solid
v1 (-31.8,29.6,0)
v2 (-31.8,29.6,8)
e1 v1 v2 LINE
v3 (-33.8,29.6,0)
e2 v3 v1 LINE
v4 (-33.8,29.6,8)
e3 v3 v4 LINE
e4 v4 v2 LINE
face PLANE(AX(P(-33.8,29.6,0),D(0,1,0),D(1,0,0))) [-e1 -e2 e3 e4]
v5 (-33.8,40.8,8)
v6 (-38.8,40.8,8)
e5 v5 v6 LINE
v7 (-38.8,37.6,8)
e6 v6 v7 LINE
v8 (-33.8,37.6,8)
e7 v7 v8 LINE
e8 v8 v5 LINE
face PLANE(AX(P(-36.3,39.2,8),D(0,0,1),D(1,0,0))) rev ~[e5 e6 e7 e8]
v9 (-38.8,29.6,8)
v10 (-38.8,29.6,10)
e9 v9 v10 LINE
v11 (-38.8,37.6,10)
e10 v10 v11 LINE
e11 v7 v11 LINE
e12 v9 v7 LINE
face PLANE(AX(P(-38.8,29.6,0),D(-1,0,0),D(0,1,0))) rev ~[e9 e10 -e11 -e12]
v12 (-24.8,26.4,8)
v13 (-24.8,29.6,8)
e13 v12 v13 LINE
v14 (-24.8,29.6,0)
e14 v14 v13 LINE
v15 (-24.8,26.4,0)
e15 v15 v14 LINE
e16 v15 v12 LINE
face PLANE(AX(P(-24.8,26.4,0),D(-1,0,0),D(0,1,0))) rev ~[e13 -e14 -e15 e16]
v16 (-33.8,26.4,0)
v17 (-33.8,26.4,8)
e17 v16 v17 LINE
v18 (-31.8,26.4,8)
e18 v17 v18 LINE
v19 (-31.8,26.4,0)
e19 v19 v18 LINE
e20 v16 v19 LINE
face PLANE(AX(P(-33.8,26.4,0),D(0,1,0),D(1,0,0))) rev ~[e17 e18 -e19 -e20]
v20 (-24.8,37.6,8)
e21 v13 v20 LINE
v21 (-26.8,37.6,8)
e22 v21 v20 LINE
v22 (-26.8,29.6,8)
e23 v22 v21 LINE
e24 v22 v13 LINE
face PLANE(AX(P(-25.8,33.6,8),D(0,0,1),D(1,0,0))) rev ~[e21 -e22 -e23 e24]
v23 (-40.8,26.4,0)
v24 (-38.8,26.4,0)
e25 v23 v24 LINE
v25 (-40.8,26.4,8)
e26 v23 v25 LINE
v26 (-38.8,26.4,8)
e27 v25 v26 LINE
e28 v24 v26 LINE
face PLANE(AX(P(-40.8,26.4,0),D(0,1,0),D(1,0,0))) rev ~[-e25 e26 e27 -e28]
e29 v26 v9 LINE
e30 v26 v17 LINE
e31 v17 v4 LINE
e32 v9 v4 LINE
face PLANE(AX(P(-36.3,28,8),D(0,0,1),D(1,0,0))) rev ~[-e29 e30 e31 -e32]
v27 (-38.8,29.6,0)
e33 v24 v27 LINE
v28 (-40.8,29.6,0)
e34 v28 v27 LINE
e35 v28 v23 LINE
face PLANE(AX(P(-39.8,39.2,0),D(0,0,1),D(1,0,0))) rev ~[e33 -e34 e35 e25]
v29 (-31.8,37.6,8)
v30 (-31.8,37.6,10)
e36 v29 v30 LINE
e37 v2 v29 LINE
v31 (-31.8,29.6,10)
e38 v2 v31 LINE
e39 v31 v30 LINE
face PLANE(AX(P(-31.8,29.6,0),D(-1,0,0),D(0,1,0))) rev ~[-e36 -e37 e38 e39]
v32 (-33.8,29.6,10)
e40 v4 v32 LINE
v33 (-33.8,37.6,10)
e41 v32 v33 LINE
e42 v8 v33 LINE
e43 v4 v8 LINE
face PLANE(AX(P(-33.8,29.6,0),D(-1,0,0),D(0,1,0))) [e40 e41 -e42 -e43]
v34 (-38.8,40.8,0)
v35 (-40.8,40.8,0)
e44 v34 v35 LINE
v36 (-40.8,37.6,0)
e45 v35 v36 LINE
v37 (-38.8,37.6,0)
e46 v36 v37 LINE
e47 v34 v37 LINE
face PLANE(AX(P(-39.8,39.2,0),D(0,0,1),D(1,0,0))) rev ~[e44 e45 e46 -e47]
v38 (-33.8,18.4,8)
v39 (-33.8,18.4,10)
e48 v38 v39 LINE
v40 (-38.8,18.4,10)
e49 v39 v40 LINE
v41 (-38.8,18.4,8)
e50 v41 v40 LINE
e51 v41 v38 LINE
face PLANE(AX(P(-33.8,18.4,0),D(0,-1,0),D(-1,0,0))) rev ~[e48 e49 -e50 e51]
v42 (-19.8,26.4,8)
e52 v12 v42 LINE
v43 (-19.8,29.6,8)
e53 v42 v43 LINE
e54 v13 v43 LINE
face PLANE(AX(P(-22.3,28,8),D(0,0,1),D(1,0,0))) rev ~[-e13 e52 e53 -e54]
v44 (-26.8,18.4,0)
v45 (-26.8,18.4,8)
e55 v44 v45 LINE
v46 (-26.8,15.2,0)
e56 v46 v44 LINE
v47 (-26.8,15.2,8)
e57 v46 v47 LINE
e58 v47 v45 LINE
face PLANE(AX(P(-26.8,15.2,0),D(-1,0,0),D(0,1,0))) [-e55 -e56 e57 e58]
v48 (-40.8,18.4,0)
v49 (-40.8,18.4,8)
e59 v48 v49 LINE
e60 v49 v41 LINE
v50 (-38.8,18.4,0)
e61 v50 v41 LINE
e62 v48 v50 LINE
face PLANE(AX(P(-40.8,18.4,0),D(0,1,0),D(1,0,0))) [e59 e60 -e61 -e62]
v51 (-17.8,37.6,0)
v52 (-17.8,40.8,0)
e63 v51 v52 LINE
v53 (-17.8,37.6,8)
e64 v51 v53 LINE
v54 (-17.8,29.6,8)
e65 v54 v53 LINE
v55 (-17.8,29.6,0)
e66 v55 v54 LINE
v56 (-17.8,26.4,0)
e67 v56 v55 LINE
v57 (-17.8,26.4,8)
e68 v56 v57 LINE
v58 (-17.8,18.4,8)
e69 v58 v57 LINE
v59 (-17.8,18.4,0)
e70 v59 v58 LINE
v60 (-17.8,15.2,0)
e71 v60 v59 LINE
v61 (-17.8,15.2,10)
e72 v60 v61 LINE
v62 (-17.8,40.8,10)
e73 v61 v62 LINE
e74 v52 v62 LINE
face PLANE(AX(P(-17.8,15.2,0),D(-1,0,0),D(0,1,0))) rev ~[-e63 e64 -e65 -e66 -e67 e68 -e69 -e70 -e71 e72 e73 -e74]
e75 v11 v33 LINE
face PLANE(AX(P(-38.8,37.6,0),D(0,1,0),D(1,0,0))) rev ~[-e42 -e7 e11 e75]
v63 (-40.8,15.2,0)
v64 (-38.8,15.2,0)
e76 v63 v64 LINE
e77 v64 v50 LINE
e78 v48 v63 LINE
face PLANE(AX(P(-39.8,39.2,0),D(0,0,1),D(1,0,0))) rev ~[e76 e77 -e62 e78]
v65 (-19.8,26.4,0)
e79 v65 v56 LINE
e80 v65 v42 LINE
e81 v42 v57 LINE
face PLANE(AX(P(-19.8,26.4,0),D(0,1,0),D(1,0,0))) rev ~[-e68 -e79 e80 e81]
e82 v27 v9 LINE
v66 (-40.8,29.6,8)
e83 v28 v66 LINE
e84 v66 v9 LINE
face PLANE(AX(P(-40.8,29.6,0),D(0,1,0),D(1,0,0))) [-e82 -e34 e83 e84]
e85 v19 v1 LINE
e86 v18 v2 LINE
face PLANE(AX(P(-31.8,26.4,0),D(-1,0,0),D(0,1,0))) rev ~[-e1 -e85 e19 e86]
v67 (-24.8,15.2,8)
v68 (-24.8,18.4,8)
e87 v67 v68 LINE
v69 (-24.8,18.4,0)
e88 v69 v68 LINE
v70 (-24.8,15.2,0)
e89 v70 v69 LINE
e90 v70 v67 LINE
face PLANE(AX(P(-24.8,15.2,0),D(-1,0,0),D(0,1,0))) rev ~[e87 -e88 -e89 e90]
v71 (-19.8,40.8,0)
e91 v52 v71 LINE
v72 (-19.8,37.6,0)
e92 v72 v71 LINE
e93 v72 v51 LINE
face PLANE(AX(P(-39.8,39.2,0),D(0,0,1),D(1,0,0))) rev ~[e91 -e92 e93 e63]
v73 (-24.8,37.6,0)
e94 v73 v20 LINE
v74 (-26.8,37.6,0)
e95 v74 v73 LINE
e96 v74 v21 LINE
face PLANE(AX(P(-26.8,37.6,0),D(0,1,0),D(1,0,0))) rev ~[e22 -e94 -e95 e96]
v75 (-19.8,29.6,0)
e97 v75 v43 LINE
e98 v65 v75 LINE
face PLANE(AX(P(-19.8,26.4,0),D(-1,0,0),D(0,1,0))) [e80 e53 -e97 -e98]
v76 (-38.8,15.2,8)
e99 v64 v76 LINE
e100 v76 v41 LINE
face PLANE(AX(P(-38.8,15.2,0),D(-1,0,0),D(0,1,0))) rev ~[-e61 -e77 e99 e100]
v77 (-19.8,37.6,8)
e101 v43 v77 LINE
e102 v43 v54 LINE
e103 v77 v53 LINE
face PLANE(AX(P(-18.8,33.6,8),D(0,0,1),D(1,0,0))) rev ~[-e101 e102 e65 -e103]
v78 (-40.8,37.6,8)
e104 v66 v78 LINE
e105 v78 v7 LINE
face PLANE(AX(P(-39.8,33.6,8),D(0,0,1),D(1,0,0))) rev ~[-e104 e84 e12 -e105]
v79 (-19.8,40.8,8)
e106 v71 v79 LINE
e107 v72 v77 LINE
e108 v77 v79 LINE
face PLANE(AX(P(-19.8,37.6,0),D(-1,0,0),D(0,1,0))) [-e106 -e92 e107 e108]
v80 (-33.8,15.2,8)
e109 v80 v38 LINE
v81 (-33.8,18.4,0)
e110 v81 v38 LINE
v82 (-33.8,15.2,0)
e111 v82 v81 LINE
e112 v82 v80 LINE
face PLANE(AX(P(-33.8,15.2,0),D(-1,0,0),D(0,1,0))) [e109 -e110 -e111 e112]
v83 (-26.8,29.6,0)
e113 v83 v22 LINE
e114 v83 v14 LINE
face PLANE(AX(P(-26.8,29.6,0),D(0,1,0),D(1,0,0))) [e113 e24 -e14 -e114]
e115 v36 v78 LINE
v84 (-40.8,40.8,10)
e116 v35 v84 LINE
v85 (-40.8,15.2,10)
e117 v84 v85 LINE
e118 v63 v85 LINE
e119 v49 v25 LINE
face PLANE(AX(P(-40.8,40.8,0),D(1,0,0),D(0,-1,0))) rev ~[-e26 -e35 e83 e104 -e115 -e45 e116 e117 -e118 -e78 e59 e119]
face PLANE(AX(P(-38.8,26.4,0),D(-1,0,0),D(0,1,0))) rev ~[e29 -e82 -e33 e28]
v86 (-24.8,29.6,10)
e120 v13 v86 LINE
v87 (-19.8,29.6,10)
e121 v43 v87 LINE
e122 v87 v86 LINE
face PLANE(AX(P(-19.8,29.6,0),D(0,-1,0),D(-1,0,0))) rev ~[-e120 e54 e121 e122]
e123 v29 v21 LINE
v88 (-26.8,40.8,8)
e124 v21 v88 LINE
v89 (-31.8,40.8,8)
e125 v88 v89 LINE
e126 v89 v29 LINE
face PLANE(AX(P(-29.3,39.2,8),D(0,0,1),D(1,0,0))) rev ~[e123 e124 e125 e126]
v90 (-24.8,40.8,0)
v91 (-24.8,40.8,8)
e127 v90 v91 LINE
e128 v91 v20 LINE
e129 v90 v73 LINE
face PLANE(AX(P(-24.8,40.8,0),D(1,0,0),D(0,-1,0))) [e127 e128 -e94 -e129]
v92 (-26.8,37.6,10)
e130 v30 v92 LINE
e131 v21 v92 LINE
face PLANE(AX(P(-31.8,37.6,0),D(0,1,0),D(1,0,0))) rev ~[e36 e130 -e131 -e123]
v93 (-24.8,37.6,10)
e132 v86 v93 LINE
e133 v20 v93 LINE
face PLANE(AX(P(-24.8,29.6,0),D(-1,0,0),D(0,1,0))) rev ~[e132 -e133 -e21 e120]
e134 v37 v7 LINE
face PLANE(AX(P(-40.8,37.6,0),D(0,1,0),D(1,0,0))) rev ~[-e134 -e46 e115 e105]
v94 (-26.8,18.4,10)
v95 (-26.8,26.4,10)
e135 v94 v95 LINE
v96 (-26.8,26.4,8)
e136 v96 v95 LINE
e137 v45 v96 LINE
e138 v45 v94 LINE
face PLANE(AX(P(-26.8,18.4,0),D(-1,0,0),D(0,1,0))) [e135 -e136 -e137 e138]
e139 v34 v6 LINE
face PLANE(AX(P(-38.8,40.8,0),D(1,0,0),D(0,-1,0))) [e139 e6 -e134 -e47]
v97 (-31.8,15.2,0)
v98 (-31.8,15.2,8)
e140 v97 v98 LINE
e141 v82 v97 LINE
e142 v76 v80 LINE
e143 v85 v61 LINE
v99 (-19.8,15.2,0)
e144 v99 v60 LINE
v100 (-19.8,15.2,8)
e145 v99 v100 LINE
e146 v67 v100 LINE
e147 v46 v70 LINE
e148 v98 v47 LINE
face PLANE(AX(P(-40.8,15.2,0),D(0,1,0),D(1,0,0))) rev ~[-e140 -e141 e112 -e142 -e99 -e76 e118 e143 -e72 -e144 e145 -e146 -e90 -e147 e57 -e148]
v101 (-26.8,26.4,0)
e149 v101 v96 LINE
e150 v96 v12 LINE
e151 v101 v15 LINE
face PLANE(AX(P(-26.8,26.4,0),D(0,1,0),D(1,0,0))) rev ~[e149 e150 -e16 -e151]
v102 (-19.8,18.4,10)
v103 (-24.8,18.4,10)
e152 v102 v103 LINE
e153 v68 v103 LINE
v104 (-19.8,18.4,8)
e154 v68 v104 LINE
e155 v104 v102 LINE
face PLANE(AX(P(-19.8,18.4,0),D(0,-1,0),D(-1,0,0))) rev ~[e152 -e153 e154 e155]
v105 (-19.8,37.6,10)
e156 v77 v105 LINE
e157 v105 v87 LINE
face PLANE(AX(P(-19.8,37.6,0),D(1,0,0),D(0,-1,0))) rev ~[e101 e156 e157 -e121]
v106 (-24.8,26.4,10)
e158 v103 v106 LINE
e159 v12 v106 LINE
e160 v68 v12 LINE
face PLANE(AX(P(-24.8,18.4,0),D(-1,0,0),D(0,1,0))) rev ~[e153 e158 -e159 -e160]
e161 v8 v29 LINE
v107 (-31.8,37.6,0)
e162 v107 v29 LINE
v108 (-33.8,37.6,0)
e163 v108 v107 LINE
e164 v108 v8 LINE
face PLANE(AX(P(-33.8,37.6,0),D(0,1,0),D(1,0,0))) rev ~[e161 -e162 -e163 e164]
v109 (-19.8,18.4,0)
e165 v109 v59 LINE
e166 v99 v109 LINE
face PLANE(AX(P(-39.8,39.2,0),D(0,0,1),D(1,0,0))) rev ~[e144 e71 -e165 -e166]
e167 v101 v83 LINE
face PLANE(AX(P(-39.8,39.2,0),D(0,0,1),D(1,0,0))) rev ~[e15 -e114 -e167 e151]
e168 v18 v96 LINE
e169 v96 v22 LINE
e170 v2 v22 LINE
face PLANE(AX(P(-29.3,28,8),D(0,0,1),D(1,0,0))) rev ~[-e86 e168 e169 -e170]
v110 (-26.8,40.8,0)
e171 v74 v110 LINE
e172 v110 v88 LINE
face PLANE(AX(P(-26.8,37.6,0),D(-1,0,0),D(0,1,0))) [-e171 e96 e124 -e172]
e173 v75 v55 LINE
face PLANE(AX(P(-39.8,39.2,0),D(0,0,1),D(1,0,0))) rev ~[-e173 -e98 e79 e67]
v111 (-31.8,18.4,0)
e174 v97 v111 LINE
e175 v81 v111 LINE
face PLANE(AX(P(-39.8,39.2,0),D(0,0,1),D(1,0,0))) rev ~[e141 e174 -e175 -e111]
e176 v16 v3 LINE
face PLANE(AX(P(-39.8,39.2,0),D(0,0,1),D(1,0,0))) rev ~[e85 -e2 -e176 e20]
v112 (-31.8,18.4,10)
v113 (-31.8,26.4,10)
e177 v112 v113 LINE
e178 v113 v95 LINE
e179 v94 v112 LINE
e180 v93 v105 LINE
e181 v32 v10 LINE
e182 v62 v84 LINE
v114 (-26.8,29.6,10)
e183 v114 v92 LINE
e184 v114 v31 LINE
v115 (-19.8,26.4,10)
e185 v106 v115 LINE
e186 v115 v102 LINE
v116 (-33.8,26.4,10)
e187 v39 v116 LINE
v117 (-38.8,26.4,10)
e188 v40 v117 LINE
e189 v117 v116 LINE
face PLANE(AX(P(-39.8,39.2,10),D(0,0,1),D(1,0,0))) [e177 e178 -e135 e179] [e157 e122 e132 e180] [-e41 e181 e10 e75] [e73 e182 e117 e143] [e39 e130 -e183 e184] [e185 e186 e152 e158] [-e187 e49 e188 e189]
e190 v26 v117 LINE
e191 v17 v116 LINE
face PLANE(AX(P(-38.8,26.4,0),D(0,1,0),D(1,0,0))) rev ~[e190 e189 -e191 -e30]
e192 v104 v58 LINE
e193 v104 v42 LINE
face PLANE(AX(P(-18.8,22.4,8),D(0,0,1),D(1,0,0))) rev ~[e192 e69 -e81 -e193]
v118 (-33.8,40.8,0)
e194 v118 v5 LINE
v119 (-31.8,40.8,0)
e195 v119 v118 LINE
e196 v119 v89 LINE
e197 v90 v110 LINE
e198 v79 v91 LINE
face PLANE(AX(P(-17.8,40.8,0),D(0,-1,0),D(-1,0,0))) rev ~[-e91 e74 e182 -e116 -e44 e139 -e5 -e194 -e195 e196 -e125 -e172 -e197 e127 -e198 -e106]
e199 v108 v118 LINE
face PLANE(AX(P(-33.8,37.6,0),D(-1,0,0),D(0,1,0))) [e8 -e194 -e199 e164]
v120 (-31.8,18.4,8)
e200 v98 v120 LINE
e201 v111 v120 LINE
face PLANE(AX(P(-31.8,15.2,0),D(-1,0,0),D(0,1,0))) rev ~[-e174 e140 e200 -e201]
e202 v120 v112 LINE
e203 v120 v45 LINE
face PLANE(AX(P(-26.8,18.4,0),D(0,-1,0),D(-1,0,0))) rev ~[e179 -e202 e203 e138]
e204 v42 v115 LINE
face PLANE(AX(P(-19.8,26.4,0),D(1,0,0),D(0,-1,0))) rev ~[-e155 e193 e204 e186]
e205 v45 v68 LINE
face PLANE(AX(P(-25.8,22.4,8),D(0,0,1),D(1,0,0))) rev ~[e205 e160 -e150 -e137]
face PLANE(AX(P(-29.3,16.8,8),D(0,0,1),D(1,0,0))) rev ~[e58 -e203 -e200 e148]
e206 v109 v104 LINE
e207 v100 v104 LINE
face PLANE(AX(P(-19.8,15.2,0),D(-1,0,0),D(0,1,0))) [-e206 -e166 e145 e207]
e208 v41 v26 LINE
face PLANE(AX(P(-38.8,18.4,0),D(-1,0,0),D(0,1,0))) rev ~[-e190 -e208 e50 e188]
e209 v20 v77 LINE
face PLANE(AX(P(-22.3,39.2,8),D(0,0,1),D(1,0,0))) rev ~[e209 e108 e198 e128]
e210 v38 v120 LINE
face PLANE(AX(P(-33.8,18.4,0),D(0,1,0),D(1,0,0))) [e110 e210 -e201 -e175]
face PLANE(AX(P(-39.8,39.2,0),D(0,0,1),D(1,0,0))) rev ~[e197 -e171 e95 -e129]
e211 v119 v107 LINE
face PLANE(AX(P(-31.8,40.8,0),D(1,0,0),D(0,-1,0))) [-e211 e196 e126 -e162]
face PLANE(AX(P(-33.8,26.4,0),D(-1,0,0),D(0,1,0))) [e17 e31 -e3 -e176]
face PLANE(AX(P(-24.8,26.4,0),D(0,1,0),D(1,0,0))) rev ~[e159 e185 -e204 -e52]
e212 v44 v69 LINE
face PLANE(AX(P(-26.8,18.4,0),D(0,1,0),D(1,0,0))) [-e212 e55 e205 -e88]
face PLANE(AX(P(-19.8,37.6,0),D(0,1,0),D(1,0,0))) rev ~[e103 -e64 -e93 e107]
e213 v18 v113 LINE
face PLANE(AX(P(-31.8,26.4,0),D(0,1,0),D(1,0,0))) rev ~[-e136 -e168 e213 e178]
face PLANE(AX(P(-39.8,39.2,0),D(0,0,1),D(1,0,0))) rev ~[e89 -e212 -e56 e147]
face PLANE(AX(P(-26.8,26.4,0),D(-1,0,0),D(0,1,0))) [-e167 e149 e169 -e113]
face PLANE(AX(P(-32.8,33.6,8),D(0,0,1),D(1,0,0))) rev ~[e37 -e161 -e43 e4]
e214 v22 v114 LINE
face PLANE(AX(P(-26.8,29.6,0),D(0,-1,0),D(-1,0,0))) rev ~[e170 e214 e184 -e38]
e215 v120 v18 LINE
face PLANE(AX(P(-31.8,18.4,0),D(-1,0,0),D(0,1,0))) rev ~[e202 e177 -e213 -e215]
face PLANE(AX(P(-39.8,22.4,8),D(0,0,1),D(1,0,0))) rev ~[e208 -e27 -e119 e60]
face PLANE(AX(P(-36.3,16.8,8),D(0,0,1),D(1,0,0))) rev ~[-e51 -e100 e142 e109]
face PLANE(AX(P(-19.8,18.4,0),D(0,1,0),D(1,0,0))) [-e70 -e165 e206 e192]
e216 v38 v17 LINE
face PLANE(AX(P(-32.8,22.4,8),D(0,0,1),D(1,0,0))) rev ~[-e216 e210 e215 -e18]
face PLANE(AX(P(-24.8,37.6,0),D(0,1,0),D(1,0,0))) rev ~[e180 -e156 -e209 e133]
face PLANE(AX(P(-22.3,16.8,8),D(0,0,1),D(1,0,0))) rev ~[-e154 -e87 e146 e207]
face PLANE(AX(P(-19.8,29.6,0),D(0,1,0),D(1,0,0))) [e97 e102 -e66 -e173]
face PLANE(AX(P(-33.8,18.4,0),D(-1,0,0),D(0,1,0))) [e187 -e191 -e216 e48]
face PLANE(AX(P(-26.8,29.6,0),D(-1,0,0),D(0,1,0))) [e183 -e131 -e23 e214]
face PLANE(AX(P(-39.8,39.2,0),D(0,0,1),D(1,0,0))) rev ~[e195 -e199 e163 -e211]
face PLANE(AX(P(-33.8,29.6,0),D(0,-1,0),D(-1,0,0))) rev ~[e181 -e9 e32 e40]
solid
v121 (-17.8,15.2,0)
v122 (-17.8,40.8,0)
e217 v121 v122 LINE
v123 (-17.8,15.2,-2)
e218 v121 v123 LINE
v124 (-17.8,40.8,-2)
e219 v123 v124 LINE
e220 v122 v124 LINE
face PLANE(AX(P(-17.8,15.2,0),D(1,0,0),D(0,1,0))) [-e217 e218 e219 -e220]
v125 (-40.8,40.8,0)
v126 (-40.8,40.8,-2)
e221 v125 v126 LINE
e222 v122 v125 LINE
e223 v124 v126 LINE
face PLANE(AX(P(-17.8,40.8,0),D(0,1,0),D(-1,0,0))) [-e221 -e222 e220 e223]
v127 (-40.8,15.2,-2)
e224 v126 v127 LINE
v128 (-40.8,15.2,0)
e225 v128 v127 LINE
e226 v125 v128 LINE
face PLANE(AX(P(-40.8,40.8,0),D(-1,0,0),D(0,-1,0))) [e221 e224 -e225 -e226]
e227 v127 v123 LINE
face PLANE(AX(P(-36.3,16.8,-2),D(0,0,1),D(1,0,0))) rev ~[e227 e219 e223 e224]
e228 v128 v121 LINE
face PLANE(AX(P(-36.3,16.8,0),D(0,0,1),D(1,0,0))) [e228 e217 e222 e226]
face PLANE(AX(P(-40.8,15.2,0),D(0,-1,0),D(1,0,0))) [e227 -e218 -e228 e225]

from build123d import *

# Parameters (mm, degrees)
F0_W     = 5
F0_H     = 3.2
F0_W_2   = 2
F0_H_2   = 8
F1_DEPTH = 2
F2_DEPTH = 10
F3_DEPTH = 8


with BuildPart() as f1:
    # F0 (on Top) → F1 (new body)
    with BuildSketch(Plane.XY):
        with Locations((-36.3, 16.8)):
            Rectangle(F0_W, F0_H)
        with Locations((-25.8, 28)):
            Rectangle(F0_W_2, F0_H)
        with Locations((-29.3, 33.6)):
            Rectangle(F0_W, F0_H_2)
        with Locations((-22.3, 33.6)):
            Rectangle(F0_W, F0_H_2)
        with Locations((-36.3, 28)):
            Rectangle(F0_W, F0_H)
        with Locations((-22.3, 16.8)):
            Rectangle(F0_W, F0_H)
        with Locations((-18.8, 22.4)):
            Rectangle(F0_W_2, F0_H_2)
        with Locations((-25.8, 16.8)):
            Rectangle(F0_W_2, F0_H)
        with Locations((-39.8, 22.4)):
            Rectangle(F0_W_2, F0_H_2)
        with Locations((-29.3, 22.4)):
            Rectangle(F0_W, F0_H_2)
        with Locations((-18.8, 16.8)):
            Rectangle(F0_W_2, F0_H)
        with Locations((-39.8, 16.8)):
            Rectangle(F0_W_2, F0_H)
        Polygon((-38.8, 40.8), (-38.8, 39.2), (-38.8, 37.6), (-33.8, 37.6), (-33.8, 39.2), (-33.8, 40.8), align=None)
        Polygon((-26.8, 40.8), (-31.8, 40.8), (-31.8, 39.2), (-31.8, 37.6), (-26.8, 37.6), (-26.8, 39.2), align=None)
        Polygon((-19.8, 40.8), (-24.8, 40.8), (-24.8, 39.2), (-24.8, 37.6), (-19.8, 37.6), (-19.8, 39.2), align=None)
        with Locations((-18.8, 33.6)):
            Rectangle(F0_W_2, F0_H_2)
        with Locations((-39.8, 33.6)):
            Rectangle(F0_W_2, F0_H_2)
        with Locations((-18.8, 28)):
            Rectangle(F0_W_2, F0_H)
        with Locations((-39.8, 28)):
            Rectangle(F0_W_2, F0_H)
        with Locations((-29.3, 28)):
            Rectangle(F0_W, F0_H)
        with Locations((-32.8, 33.6)):
            Rectangle(F0_W_2, F0_H_2)
        with Locations((-25.8, 33.6)):
            Rectangle(F0_W_2, F0_H_2)
        with Locations((-22.3, 22.4)):
            Rectangle(F0_W, F0_H_2)
        with Locations((-29.3, 16.8)):
            Rectangle(F0_W, F0_H)
        with Locations((-32.8, 22.4)):
            Rectangle(F0_W_2, F0_H_2)
        with Locations((-32.8, 28)):
            Rectangle(F0_W_2, F0_H)
        with Locations((-36.3, 33.6)):
            Rectangle(F0_W, F0_H_2)
        with Locations((-32.8, 16.8)):
            Rectangle(F0_W_2, F0_H)
        with Locations((-36.3, 22.4)):
            Rectangle(F0_W, F0_H_2)
        with Locations((-25.8, 22.4)):
            Rectangle(F0_W_2, F0_H_2)
        with Locations((-22.3, 28)):
            Rectangle(F0_W, F0_H)
        Polygon((-38.8, 37.6), (-38.8, 39.2), (-38.8, 40.8), (-40.8, 40.8), (-40.8, 37.6), align=None)
        Polygon((-17.8, 40.8), (-19.8, 40.8), (-19.8, 39.2), (-19.8, 37.6), (-17.8, 37.6), (-17.8, 39.2), align=None)
        Polygon((-31.8, 40.8), (-33.8, 40.8), (-33.8, 39.2), (-33.8, 37.6), (-31.8, 37.6), (-31.8, 39.2), align=None)
        Polygon((-24.8, 40.8), (-26.8, 40.8), (-26.8, 39.2), (-26.8, 37.6), (-24.8, 37.6), (-24.8, 39.2), align=None)
    extrude(amount=-F1_DEPTH)


with BuildPart() as f2:
    # F0 (on Top) → F2 (new body)
    with BuildSketch(Plane.XY):
        Polygon((-38.8, 37.6), (-38.8, 39.2), (-38.8, 40.8), (-40.8, 40.8), (-40.8, 37.6), align=None)
        Polygon((-38.8, 40.8), (-38.8, 39.2), (-38.8, 37.6), (-33.8, 37.6), (-33.8, 39.2), (-33.8, 40.8), align=None)
        Polygon((-26.8, 40.8), (-31.8, 40.8), (-31.8, 39.2), (-31.8, 37.6), (-26.8, 37.6), (-26.8, 39.2), align=None)
        Polygon((-31.8, 40.8), (-33.8, 40.8), (-33.8, 39.2), (-33.8, 37.6), (-31.8, 37.6), (-31.8, 39.2), align=None)
        Polygon((-24.8, 40.8), (-26.8, 40.8), (-26.8, 39.2), (-26.8, 37.6), (-24.8, 37.6), (-24.8, 39.2), align=None)
        Polygon((-19.8, 40.8), (-24.8, 40.8), (-24.8, 39.2), (-24.8, 37.6), (-19.8, 37.6), (-19.8, 39.2), align=None)
        Polygon((-17.8, 40.8), (-19.8, 40.8), (-19.8, 39.2), (-19.8, 37.6), (-17.8, 37.6), (-17.8, 39.2), align=None)
        with Locations((-18.8, 33.6)):
            Rectangle(F0_W_2, F0_H_2)
        with Locations((-18.8, 28)):
            Rectangle(F0_W_2, F0_H)
        with Locations((-18.8, 22.4)):
            Rectangle(F0_W_2, F0_H_2)
        with Locations((-18.8, 16.8)):
            Rectangle(F0_W_2, F0_H)
        with Locations((-22.3, 16.8)):
            Rectangle(F0_W, F0_H)
        with Locations((-25.8, 16.8)):
            Rectangle(F0_W_2, F0_H)
        with Locations((-29.3, 16.8)):
            Rectangle(F0_W, F0_H)
        with Locations((-32.8, 16.8)):
            Rectangle(F0_W_2, F0_H)
        with Locations((-36.3, 16.8)):
            Rectangle(F0_W, F0_H)
        with Locations((-39.8, 16.8)):
            Rectangle(F0_W_2, F0_H)
        with Locations((-39.8, 22.4)):
            Rectangle(F0_W_2, F0_H_2)
        with Locations((-39.8, 28)):
            Rectangle(F0_W_2, F0_H)
        with Locations((-39.8, 33.6)):
            Rectangle(F0_W_2, F0_H_2)
        with Locations((-36.3, 28)):
            Rectangle(F0_W, F0_H)
        with Locations((-32.8, 28)):
            Rectangle(F0_W_2, F0_H)
        with Locations((-32.8, 33.6)):
            Rectangle(F0_W_2, F0_H_2)
        with Locations((-32.8, 22.4)):
            Rectangle(F0_W_2, F0_H_2)
        with Locations((-29.3, 28)):
            Rectangle(F0_W, F0_H)
        with Locations((-22.3, 28)):
            Rectangle(F0_W, F0_H)
        with Locations((-25.8, 28)):
            Rectangle(F0_W_2, F0_H)
        with Locations((-25.8, 33.6)):
            Rectangle(F0_W_2, F0_H_2)
        with Locations((-25.8, 22.4)):
            Rectangle(F0_W_2, F0_H_2)
    extrude(amount=F2_DEPTH)

    # F0 (on Top) → F3 (cut)
    with BuildSketch(Plane.XY):
        with Locations((-39.8, 33.6)):
            Rectangle(F0_W_2, F0_H_2)
        Polygon((-38.8, 40.8), (-38.8, 39.2), (-38.8, 37.6), (-33.8, 37.6), (-33.8, 39.2), (-33.8, 40.8), align=None)
        Polygon((-26.8, 40.8), (-31.8, 40.8), (-31.8, 39.2), (-31.8, 37.6), (-26.8, 37.6), (-26.8, 39.2), align=None)
        Polygon((-19.8, 40.8), (-24.8, 40.8), (-24.8, 39.2), (-24.8, 37.6), (-19.8, 37.6), (-19.8, 39.2), align=None)
        with Locations((-18.8, 33.6)):
            Rectangle(F0_W_2, F0_H_2)
        with Locations((-18.8, 22.4)):
            Rectangle(F0_W_2, F0_H_2)
        with Locations((-25.8, 22.4)):
            Rectangle(F0_W_2, F0_H_2)
        with Locations((-32.8, 22.4)):
            Rectangle(F0_W_2, F0_H_2)
        with Locations((-39.8, 22.4)):
            Rectangle(F0_W_2, F0_H_2)
        with Locations((-36.3, 16.8)):
            Rectangle(F0_W, F0_H)
        with Locations((-29.3, 16.8)):
            Rectangle(F0_W, F0_H)
        with Locations((-22.3, 16.8)):
            Rectangle(F0_W, F0_H)
        with Locations((-22.3, 28)):
            Rectangle(F0_W, F0_H)
        with Locations((-29.3, 28)):
            Rectangle(F0_W, F0_H)
        with Locations((-36.3, 28)):
            Rectangle(F0_W, F0_H)
        with Locations((-32.8, 33.6)):
            Rectangle(F0_W_2, F0_H_2)
        with Locations((-25.8, 33.6)):
            Rectangle(F0_W_2, F0_H_2)
    extrude(amount=F3_DEPTH, mode=Mode.SUBTRACT)


solid = Compound([f1.part, f2.part])
